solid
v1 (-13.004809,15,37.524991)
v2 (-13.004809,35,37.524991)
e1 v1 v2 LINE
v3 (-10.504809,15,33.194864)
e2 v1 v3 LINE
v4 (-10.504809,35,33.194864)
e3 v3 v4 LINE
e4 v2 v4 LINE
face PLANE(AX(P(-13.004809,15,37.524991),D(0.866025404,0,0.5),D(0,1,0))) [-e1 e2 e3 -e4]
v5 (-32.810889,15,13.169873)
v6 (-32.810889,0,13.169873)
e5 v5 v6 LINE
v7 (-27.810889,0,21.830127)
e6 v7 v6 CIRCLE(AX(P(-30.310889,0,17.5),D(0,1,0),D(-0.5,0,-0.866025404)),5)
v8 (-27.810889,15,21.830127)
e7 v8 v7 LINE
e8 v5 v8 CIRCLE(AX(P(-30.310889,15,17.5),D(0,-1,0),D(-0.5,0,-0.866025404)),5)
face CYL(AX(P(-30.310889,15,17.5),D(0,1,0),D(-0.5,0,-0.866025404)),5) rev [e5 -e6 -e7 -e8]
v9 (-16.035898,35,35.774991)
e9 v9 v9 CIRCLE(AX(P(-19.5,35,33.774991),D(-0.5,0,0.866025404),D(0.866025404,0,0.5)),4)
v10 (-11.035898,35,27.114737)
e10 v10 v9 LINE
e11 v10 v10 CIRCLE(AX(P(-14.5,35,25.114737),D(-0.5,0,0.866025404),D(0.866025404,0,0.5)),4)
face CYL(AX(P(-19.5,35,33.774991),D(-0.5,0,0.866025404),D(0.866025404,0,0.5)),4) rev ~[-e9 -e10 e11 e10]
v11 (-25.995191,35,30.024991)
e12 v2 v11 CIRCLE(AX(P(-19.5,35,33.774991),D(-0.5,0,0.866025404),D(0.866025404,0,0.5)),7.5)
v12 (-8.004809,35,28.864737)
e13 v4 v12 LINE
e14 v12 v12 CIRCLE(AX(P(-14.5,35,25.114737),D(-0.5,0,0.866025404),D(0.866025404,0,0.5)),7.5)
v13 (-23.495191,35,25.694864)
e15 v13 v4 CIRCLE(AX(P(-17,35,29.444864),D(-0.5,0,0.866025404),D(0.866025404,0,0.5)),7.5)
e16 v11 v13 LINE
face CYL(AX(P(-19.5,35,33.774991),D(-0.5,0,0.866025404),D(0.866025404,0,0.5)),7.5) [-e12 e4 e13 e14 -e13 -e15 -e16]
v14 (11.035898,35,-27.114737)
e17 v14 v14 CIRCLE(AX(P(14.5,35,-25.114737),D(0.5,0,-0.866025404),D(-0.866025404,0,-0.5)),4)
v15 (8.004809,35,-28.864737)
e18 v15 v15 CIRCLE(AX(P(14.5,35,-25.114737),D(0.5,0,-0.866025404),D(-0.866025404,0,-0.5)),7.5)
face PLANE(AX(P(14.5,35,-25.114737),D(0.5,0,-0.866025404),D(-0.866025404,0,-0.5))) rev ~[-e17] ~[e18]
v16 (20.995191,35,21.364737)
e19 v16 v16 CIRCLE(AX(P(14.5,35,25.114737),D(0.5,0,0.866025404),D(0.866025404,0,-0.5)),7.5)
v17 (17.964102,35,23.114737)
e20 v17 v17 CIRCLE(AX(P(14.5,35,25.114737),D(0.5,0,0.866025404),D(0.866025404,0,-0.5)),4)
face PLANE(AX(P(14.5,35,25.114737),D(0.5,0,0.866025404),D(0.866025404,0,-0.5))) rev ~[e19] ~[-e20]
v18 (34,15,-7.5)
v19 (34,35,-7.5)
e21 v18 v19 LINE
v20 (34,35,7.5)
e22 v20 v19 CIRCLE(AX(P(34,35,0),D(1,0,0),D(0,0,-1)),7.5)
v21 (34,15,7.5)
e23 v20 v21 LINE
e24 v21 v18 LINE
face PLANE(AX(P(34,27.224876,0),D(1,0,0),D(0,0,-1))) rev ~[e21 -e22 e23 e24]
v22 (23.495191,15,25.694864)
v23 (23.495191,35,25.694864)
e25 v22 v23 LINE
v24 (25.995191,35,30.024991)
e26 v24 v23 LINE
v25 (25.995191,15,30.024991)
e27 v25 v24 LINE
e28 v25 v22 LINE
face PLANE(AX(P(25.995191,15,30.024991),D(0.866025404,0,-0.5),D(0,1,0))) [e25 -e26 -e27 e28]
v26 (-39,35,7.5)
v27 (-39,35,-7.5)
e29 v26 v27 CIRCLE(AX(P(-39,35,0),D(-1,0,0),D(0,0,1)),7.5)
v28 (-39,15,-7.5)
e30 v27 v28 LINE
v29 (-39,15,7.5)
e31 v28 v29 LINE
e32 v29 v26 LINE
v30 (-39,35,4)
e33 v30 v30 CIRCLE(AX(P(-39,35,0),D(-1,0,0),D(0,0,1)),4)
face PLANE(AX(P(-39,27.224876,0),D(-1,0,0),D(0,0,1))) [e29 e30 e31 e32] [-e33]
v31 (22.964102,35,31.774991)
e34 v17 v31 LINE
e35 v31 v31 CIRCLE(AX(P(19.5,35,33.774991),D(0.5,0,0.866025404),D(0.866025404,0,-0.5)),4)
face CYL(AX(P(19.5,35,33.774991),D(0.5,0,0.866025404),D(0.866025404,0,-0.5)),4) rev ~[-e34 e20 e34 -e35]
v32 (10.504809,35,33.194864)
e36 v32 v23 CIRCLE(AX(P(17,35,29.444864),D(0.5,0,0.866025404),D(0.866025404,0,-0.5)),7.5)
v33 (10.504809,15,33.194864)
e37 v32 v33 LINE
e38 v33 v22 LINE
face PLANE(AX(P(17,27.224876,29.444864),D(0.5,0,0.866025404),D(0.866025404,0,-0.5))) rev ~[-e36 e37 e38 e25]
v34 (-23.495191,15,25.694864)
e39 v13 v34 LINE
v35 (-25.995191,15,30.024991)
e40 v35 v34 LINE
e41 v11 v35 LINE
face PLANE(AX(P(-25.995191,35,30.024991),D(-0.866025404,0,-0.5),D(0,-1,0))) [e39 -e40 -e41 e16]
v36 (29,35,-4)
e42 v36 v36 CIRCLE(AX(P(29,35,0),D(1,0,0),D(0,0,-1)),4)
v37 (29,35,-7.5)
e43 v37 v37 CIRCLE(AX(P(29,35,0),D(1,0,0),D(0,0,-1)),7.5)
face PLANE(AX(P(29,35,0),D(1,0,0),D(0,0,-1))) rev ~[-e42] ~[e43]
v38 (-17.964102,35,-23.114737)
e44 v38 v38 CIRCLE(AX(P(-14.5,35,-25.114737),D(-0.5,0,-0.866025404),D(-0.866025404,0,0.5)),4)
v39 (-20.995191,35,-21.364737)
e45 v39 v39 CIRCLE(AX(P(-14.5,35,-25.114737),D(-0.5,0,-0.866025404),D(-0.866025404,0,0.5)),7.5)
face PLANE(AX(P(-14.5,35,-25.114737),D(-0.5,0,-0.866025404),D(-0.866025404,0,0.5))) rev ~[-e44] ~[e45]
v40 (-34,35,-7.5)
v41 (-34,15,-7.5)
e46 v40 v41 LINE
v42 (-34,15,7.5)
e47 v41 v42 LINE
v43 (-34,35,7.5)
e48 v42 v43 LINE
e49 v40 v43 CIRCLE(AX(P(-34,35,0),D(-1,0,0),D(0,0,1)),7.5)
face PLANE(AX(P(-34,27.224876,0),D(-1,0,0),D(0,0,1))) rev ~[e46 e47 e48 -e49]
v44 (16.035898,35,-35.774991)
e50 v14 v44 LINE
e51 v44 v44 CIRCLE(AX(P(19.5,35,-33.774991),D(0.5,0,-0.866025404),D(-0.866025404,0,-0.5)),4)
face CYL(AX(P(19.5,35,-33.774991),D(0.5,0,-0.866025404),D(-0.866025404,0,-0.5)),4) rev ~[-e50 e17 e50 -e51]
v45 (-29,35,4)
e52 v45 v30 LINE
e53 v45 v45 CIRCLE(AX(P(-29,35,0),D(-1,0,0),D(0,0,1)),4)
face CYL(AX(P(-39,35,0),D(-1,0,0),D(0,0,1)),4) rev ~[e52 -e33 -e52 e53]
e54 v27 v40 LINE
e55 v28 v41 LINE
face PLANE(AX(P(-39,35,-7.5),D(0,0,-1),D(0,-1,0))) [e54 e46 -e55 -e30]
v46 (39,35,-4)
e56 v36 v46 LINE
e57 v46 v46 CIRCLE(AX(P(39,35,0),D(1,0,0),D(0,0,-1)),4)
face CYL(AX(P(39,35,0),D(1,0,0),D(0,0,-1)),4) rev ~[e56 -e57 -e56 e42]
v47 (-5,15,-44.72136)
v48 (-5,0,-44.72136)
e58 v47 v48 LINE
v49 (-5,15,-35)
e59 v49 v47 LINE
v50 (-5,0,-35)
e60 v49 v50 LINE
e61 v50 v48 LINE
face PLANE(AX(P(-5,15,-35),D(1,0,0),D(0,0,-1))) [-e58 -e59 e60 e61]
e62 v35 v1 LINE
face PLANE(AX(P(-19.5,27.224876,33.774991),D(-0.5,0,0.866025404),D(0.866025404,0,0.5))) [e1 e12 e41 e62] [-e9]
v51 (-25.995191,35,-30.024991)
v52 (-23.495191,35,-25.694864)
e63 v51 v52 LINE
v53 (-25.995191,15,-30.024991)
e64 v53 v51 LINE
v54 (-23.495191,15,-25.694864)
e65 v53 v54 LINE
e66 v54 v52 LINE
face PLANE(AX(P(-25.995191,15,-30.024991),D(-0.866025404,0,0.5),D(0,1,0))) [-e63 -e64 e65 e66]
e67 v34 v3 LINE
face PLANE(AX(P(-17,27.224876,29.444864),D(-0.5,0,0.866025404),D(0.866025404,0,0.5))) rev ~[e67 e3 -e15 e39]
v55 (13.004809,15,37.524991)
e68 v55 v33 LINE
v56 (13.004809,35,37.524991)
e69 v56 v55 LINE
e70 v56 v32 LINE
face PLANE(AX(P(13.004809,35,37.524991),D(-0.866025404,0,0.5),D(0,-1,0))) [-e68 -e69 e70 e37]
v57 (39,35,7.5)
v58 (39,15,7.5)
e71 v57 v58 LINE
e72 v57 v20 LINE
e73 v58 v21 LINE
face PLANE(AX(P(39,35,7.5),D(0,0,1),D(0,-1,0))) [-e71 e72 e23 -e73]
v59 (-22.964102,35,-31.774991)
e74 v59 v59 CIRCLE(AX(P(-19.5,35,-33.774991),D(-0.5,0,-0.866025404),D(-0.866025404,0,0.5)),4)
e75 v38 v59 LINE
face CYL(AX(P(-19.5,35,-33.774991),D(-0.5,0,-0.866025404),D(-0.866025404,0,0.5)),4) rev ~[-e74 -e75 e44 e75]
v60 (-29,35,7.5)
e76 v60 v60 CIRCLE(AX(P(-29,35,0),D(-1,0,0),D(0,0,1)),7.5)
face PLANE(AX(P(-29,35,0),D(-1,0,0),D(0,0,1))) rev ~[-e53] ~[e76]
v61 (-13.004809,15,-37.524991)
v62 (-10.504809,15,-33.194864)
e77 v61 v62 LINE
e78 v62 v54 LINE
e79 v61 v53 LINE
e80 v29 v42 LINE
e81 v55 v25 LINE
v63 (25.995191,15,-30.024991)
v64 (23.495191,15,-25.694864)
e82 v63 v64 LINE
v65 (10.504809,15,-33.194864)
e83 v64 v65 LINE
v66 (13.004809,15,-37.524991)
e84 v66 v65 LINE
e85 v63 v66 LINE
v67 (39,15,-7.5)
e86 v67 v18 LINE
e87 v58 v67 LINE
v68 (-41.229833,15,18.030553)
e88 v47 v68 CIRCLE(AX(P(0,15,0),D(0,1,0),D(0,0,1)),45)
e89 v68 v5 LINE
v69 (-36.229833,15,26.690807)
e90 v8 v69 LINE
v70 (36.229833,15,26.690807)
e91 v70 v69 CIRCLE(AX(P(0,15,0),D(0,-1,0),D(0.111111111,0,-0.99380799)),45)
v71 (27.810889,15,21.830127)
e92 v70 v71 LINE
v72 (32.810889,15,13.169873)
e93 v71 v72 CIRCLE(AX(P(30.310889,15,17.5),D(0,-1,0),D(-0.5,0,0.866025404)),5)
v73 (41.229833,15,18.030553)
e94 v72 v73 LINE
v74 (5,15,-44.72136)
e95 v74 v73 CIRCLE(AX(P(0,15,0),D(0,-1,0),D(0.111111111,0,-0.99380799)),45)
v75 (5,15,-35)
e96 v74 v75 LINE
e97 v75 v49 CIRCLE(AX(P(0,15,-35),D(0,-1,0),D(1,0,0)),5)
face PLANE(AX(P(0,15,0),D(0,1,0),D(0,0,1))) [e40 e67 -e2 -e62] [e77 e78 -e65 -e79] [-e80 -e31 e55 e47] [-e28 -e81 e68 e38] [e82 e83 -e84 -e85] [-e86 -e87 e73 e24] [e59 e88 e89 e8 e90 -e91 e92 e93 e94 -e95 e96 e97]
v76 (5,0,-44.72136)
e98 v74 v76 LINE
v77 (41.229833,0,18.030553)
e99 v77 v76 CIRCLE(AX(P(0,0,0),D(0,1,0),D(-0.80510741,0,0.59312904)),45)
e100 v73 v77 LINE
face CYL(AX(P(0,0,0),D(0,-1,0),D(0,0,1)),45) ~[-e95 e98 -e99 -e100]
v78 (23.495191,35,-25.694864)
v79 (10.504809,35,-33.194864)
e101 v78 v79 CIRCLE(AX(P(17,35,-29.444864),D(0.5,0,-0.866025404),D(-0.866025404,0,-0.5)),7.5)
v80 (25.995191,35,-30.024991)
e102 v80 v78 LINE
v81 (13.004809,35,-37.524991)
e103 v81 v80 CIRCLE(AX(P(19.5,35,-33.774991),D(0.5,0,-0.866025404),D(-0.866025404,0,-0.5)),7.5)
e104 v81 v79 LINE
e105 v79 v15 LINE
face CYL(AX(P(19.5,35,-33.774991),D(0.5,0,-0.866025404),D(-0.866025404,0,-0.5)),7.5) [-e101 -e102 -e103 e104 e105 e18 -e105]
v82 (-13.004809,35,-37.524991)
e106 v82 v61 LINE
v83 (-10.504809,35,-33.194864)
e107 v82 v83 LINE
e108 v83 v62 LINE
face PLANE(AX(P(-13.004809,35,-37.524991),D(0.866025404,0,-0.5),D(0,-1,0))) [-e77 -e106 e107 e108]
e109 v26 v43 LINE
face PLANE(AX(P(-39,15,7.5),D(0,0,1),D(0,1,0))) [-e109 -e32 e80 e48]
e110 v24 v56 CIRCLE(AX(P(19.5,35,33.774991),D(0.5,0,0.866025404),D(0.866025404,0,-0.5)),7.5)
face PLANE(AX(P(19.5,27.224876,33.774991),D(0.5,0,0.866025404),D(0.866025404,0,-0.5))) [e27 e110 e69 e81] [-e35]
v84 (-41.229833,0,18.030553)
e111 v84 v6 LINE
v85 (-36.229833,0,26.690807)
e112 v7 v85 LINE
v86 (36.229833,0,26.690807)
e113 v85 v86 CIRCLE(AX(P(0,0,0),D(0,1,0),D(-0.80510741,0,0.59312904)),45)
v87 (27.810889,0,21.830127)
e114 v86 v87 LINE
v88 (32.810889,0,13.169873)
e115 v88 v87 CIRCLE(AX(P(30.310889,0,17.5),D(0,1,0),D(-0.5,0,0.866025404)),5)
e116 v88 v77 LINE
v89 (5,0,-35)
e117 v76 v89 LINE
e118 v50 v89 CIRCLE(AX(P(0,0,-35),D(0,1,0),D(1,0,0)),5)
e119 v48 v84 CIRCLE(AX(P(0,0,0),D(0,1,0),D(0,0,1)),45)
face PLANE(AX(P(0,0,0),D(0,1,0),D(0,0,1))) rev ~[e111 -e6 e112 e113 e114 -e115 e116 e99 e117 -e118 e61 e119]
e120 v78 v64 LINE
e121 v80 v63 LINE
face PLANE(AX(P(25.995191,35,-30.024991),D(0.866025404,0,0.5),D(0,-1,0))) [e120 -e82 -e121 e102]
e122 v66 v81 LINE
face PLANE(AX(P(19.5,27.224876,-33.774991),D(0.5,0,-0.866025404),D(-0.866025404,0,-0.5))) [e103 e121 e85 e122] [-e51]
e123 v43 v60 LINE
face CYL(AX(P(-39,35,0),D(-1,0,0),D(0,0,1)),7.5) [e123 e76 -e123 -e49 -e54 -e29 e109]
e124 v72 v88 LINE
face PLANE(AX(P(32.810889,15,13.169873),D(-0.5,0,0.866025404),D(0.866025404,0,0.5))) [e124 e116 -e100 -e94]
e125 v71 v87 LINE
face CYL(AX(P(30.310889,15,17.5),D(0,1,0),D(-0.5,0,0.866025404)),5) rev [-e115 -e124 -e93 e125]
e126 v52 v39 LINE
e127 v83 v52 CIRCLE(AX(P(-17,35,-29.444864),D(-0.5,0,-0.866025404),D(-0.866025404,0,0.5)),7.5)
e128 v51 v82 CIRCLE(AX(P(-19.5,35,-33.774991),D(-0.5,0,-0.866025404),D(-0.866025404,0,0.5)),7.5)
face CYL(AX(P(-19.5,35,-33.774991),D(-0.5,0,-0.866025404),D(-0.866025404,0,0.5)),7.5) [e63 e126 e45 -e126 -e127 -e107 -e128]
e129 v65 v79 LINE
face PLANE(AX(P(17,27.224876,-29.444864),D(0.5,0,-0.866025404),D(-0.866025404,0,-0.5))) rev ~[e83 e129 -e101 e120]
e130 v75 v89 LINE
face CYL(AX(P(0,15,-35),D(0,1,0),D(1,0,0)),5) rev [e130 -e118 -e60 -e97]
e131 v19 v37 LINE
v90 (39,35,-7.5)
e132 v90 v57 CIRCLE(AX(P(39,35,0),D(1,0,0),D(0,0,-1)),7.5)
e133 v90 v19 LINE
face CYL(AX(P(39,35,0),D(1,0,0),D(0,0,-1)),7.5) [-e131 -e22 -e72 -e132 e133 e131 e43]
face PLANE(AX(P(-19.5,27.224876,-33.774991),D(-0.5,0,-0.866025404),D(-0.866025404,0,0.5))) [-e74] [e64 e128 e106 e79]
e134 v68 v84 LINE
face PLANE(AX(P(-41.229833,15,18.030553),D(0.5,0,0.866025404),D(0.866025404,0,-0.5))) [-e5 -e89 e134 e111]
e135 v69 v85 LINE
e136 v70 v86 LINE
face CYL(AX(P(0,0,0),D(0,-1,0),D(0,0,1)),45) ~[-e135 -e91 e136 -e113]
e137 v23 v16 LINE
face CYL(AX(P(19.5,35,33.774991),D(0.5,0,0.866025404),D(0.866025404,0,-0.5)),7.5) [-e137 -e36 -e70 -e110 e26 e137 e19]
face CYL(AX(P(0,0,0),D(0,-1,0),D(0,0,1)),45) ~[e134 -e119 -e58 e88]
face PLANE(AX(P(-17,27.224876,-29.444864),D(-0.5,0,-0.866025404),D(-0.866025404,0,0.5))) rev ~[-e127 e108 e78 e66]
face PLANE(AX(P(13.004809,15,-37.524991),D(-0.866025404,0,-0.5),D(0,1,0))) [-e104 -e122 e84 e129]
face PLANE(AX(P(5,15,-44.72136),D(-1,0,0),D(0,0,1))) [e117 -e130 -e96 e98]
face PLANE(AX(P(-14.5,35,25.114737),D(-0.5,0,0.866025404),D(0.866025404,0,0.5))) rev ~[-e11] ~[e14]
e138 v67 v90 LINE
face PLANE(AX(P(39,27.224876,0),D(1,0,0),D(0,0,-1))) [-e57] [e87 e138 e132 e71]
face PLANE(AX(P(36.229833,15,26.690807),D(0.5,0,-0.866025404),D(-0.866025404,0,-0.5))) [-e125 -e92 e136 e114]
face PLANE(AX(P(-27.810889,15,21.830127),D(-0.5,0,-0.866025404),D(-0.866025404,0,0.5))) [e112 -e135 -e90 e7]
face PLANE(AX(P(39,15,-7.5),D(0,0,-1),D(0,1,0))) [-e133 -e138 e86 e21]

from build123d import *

# Parameters (mm, degrees)
SKETCH1_R           = 45
BOSS_EXTRUDE1_DEPTH = 15
CUT_EXTRUDE1_DEPTH  = 66.383484153
CIRPATTERN1_COUNT   = 3
SKETCH4_R           = 4
BOSS_EXTRUDE2_DEPTH = 5
SKETCH6_R           = 7.5
SKETCH6_R_2         = 4
BOSS_EXTRUDE3_DEPTH = 10
CIRPATTERN2_COUNT   = 6


with BuildPart() as part:
    # Sketch1 → Boss-Extrude1 (new body)
    with BuildSketch(Plane(origin=(0, 0, 0), x_dir=(1, 0, 0), z_dir=(0, 1, 0))):
        with Locations(Location((0, 0, 0), (0, 0, 270))):
            Circle(SKETCH1_R)
    extrude(amount=BOSS_EXTRUDE1_DEPTH)

    # Sketch2 → Cut-Extrude1 (cut, through all)
    with BuildSketch(Plane(origin=(0, 15, 0), x_dir=(1, 0, 0), z_dir=(0, 1, 0))):
        with BuildLine():
            Line((-5, 35), (-5, 44.72135955))
            ThreePointArc((-5, 44.72135955), (0, 45), (5, 44.72135955))
            Line((5, 44.72135955), (5, 35))
            ThreePointArc((5, 35), (0, 30), (-5, 35))
        make_face()
    cut_extrude1 = extrude(amount=-CUT_EXTRUDE1_DEPTH, mode=Mode.SUBTRACT)

    # CirPattern1: Cut-Extrude1 ×3 about axis
    cirpattern1_axis = Axis((0, 0, 0), (0, 1, 0))
    for i in range(1, CIRPATTERN1_COUNT):
        add(cut_extrude1.rotate(cirpattern1_axis, i * 360 / CIRPATTERN1_COUNT), mode=Mode.SUBTRACT)

    # Sketch4 → Boss-Extrude2 (add)
    with BuildSketch(Plane(origin=(39, 0, 0), x_dir=(0, 0, -1), z_dir=(1, 0, 0))):
        with BuildLine():
            Line((-7.5, 35), (-7.5, 15))
            Line((-7.5, 15), (7.5, 15))
            Line((7.5, 15), (7.5, 35))
            ThreePointArc((7.5, 35), (0, 42.5), (-7.5, 35))
        make_face()
        with Locations((0, 35)):
            Circle(SKETCH4_R, mode=Mode.SUBTRACT)
    boss_extrude2 = extrude(amount=-BOSS_EXTRUDE2_DEPTH)

    # Sketch6 → Boss-Extrude3 (add)
    with BuildSketch(Plane(origin=(39, 0, 0), x_dir=(0, 0, -1), z_dir=(1, 0, 0))):
        with Locations((0, 35)):
            Circle(SKETCH6_R)
        with Locations((0, 35)):
            Circle(SKETCH6_R_2, mode=Mode.SUBTRACT)
    boss_extrude3 = extrude(amount=-BOSS_EXTRUDE3_DEPTH)

    # CirPattern2: Boss-Extrude2, Boss-Extrude3 ×6 about axis
    cirpattern2_axis = Axis((0, 0, 0), (0, 1, 0))
    add([boss_extrude2.rotate(cirpattern2_axis, i * 360 / CIRPATTERN2_COUNT) for i in range(1, CIRPATTERN2_COUNT)])
    add([boss_extrude3.rotate(cirpattern2_axis, i * 360 / CIRPATTERN2_COUNT) for i in range(1, CIRPATTERN2_COUNT)])


solid = part.part
